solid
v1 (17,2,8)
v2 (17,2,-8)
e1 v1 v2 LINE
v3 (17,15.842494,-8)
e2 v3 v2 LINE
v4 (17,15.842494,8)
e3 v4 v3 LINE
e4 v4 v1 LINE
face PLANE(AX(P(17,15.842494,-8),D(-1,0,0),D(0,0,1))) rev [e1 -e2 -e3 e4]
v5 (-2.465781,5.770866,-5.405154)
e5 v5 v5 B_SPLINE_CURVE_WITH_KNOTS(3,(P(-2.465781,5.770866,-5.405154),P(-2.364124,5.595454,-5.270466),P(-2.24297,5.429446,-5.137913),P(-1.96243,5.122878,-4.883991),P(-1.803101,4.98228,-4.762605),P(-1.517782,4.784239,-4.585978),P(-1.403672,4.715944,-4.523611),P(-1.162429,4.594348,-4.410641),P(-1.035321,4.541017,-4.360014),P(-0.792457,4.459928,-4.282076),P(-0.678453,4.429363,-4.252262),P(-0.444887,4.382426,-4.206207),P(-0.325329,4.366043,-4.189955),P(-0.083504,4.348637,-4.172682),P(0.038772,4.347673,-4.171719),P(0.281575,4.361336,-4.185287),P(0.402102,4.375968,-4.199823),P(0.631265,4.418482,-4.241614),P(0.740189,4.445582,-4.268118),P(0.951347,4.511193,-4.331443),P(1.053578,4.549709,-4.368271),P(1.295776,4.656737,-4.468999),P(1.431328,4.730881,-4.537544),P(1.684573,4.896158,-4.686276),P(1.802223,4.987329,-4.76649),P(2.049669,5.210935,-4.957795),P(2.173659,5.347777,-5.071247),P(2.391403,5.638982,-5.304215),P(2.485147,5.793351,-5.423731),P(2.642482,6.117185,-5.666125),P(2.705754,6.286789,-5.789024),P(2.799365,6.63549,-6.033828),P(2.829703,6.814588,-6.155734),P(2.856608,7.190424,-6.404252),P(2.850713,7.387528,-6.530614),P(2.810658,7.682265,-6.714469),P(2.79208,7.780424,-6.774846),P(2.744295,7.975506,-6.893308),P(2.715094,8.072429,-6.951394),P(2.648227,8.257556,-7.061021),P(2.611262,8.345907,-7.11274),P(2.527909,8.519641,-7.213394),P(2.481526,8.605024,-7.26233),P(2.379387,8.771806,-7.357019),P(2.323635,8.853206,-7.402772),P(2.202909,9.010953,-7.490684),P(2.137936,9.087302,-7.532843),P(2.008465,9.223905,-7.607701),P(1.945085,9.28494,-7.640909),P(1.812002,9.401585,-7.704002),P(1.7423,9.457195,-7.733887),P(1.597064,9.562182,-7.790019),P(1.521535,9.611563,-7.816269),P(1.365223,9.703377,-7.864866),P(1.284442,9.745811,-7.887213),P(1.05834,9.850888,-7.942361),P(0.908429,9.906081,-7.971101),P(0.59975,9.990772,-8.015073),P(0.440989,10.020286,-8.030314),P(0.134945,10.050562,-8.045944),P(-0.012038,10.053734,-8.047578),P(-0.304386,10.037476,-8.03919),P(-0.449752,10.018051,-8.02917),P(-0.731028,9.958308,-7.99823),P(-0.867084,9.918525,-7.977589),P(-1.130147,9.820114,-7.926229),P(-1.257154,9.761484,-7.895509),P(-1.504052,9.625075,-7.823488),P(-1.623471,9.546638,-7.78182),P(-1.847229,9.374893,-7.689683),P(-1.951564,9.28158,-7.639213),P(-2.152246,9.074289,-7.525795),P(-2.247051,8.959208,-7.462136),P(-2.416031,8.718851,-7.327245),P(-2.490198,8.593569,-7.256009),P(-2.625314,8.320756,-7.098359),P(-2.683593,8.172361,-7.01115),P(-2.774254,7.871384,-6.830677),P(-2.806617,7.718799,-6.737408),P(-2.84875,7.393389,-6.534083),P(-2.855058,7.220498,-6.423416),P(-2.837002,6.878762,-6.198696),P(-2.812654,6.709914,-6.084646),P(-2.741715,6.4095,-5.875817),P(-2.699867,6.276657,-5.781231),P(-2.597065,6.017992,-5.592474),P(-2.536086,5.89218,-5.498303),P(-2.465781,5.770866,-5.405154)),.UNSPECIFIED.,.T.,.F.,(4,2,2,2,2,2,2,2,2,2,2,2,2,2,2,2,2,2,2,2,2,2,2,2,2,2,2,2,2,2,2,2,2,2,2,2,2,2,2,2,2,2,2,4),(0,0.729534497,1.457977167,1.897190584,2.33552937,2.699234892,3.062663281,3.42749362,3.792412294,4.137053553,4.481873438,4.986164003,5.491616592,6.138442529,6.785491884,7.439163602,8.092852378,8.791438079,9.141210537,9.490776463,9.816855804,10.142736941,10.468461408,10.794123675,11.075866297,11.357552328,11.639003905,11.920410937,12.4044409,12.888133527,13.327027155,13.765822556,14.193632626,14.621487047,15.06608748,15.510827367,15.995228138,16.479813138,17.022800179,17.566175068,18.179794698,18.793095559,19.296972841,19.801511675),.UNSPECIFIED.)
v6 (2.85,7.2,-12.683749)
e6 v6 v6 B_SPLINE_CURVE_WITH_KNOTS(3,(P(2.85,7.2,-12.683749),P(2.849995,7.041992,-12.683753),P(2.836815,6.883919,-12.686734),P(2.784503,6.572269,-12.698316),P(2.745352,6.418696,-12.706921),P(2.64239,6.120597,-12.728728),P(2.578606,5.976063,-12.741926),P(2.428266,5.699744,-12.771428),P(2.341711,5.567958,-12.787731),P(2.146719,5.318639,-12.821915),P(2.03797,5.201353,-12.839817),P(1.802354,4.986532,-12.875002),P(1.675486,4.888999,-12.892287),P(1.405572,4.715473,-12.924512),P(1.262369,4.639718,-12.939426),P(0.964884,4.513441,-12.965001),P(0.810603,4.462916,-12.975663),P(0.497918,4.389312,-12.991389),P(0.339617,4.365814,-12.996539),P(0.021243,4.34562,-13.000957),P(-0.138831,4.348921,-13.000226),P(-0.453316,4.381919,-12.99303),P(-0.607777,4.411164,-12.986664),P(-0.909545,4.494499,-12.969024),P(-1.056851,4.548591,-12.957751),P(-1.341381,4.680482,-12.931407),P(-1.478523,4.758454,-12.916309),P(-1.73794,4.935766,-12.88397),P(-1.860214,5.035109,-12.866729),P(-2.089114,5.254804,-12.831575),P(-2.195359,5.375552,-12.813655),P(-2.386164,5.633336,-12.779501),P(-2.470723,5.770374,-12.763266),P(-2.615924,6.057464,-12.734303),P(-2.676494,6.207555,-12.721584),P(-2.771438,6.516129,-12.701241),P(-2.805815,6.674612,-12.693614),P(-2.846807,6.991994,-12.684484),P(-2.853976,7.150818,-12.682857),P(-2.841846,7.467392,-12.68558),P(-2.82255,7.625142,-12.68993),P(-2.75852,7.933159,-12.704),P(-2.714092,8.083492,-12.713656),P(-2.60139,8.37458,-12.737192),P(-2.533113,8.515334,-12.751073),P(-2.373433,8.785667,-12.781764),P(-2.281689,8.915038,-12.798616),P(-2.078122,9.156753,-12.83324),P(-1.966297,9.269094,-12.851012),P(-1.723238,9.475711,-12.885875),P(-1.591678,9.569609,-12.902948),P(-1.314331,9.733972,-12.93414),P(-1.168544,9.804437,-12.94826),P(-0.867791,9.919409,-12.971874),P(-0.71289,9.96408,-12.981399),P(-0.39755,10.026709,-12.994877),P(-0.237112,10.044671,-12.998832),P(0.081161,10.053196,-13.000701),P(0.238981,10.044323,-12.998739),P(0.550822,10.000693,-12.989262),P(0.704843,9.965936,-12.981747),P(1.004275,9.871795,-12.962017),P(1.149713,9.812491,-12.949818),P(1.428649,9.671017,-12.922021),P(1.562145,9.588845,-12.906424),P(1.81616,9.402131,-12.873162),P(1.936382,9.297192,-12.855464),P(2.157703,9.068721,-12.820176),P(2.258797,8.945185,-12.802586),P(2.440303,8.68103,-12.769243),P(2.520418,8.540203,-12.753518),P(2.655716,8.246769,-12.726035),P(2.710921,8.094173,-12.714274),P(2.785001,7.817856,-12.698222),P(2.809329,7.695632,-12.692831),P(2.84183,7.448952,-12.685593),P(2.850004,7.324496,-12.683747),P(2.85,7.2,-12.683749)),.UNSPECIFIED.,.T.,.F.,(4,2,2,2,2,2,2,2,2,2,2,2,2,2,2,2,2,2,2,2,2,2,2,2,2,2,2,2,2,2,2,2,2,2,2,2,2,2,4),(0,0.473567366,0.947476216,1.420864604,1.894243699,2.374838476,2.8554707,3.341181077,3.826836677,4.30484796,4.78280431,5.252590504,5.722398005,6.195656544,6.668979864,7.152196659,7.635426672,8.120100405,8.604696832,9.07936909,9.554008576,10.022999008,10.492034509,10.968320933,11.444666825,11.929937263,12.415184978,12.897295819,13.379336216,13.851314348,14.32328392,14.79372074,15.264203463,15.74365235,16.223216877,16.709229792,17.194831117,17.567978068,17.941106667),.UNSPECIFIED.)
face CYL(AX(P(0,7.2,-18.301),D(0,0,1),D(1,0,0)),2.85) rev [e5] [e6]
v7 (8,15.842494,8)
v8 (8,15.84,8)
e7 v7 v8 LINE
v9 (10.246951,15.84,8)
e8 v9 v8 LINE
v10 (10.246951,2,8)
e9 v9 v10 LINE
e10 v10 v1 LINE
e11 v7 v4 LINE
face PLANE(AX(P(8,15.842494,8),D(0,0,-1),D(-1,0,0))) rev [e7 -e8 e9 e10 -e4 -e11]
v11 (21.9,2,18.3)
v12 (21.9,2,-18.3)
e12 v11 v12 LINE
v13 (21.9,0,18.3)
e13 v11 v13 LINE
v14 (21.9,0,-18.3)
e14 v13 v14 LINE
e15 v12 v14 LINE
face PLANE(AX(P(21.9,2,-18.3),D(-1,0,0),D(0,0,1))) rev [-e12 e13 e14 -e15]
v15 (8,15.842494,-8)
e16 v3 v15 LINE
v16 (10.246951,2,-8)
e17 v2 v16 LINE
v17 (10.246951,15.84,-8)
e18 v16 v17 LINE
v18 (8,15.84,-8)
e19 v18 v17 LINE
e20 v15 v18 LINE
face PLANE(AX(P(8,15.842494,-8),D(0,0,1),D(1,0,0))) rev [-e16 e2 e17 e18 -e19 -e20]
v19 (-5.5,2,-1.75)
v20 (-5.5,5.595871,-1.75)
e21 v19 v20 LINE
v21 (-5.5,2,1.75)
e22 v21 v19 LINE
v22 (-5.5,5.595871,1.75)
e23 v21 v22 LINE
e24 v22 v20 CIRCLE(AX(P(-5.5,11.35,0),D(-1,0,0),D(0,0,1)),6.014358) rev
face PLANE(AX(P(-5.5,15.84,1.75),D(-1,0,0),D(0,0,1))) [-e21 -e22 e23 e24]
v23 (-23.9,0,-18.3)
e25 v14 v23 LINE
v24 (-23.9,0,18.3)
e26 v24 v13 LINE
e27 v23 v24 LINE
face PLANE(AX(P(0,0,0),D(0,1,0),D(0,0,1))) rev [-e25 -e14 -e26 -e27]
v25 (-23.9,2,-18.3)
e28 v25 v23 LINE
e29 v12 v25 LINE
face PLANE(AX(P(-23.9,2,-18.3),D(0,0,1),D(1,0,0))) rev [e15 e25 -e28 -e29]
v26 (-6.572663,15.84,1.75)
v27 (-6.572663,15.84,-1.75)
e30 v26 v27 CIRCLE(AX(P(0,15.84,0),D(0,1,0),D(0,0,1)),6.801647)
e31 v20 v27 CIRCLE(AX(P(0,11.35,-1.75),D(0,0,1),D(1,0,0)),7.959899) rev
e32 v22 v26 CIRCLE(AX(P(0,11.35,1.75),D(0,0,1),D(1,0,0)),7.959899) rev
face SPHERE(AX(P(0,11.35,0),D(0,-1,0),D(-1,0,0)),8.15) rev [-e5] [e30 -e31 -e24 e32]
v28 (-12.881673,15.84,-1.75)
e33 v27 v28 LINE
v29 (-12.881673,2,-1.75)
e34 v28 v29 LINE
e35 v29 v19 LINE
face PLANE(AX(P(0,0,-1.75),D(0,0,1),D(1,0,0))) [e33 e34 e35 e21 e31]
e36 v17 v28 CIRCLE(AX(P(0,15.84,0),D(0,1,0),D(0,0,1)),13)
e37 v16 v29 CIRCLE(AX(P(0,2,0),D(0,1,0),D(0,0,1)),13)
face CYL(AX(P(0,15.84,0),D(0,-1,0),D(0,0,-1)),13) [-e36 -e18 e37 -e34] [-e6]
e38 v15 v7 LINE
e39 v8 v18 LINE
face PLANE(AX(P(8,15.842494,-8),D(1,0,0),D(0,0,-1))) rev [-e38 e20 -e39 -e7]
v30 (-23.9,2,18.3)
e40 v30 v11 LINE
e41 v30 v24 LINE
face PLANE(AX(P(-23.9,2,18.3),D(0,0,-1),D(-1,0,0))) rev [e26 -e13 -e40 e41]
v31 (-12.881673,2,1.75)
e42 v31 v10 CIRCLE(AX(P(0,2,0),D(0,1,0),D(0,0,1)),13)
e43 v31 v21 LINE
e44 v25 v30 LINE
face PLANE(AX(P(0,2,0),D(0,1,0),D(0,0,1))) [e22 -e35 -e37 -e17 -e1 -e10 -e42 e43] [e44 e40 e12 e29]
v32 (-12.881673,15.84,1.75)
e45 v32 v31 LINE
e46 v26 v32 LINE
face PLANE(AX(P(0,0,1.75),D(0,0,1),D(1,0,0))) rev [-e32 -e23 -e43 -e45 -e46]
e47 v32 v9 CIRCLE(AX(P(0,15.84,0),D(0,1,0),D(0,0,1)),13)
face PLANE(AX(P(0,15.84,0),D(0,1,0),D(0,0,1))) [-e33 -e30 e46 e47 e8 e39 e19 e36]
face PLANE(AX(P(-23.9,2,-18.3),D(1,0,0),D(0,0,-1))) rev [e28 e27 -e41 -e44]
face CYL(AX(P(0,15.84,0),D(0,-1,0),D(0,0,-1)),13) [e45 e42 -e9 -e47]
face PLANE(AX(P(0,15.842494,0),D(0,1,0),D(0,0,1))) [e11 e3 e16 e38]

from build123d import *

# Parameters (mm, degrees)
SKETCH1_W               = 45.8
SKETCH1_H               = 36.6
BOSS_EXTRUDE1_DEPTH     = 2
SKETCH2_R               = 13
BOSS_EXTRUDE2_DEPTH     = 13.84
SKETCH5_W               = 9
SKETCH5_H               = 16
BOSS_EXTRUDE3_DEPTH     = 13.84249374
CUT_EXTRUDE2_REACH      = 36.016
CUT_EXTRUDE2_END_RADIUS = 13
SKETCH7_R               = 2.85
CUT_EXTRUDE3_DEPTH      = 1.75
CUT_EXTRUDE3_DEPTH_BACK = 1.75
SKETCH9_W               = 7.5
SKETCH9_H               = 13.84


with BuildPart() as part:
    # Sketch1 → Boss-Extrude1 (new body)
    with BuildSketch(Plane(origin=(0, 0, 0), x_dir=(1, 0, 0), z_dir=(0, 1, 0))):
        with Locations((-1, 0)):
            Rectangle(SKETCH1_W, SKETCH1_H)
    extrude(amount=BOSS_EXTRUDE1_DEPTH)

    # Sketch2 → Boss-Extrude2 (add)
    with BuildSketch(Plane(origin=(0, 2, 0), x_dir=(1, 0, 0), z_dir=(0, 1, 0))):
        with Locations(Location((0, 0, 0), (0, 0, 270))):
            Circle(SKETCH2_R)
    extrude(amount=BOSS_EXTRUDE2_DEPTH)

    # Sketch5 → Boss-Extrude3 (add)
    with BuildSketch(Plane(origin=(0, 2, 0), x_dir=(1, 0, 0), z_dir=(0, 1, 0))):
        with Locations((12.5, 0)):
            Rectangle(SKETCH5_W, SKETCH5_H)
    extrude(amount=BOSS_EXTRUDE3_DEPTH)

    # Sketch6 → Cut-Revolve1 (revolve, cut)
    with BuildSketch(Plane.XY):
        with BuildLine():
            Line((0, 19.5), (0, 3.2))
            ThreePointArc((0, 3.2), (8.15, 11.35), (0, 19.5))
        make_face()
    revolve(axis=Axis((0, 3.2, 0), (0, 1, 0)), mode=Mode.SUBTRACT)

    # Cut-Extrude2: up to this cylinder (the profile starts inside it)
    cut_extrude2_end = Plane(origin=(0, 7.2, 0), z_dir=(0, -1, 0)) * Cylinder(CUT_EXTRUDE2_END_RADIUS, 99.032, mode=Mode.PRIVATE)
    # Sketch7 → Cut-Extrude2 (cut, up to the surface)
    with BuildSketch(Plane.XY, mode=Mode.PRIVATE) as cut_extrude2_sk1:
        with Locations((0, 7.2)):
            Circle(SKETCH7_R)
    cut_extrude2_tool1 = extrude(cut_extrude2_sk1.sketch, amount=-CUT_EXTRUDE2_REACH, mode=Mode.PRIVATE) & cut_extrude2_end
    add(cut_extrude2_tool1.solids().sort_by_distance((0, 7.2, 0))[0], mode=Mode.SUBTRACT)

    # Sketch9 → Cut-Extrude3 (cut, two sides: drawn at the far end of the back side and taken through both)
    with BuildSketch(Plane.XY.offset(-CUT_EXTRUDE3_DEPTH_BACK)):
        with Locations((-9.25, 8.92)):
            Rectangle(SKETCH9_W, SKETCH9_H)
    extrude(amount=CUT_EXTRUDE3_DEPTH + CUT_EXTRUDE3_DEPTH_BACK, mode=Mode.SUBTRACT)


solid = part.part
